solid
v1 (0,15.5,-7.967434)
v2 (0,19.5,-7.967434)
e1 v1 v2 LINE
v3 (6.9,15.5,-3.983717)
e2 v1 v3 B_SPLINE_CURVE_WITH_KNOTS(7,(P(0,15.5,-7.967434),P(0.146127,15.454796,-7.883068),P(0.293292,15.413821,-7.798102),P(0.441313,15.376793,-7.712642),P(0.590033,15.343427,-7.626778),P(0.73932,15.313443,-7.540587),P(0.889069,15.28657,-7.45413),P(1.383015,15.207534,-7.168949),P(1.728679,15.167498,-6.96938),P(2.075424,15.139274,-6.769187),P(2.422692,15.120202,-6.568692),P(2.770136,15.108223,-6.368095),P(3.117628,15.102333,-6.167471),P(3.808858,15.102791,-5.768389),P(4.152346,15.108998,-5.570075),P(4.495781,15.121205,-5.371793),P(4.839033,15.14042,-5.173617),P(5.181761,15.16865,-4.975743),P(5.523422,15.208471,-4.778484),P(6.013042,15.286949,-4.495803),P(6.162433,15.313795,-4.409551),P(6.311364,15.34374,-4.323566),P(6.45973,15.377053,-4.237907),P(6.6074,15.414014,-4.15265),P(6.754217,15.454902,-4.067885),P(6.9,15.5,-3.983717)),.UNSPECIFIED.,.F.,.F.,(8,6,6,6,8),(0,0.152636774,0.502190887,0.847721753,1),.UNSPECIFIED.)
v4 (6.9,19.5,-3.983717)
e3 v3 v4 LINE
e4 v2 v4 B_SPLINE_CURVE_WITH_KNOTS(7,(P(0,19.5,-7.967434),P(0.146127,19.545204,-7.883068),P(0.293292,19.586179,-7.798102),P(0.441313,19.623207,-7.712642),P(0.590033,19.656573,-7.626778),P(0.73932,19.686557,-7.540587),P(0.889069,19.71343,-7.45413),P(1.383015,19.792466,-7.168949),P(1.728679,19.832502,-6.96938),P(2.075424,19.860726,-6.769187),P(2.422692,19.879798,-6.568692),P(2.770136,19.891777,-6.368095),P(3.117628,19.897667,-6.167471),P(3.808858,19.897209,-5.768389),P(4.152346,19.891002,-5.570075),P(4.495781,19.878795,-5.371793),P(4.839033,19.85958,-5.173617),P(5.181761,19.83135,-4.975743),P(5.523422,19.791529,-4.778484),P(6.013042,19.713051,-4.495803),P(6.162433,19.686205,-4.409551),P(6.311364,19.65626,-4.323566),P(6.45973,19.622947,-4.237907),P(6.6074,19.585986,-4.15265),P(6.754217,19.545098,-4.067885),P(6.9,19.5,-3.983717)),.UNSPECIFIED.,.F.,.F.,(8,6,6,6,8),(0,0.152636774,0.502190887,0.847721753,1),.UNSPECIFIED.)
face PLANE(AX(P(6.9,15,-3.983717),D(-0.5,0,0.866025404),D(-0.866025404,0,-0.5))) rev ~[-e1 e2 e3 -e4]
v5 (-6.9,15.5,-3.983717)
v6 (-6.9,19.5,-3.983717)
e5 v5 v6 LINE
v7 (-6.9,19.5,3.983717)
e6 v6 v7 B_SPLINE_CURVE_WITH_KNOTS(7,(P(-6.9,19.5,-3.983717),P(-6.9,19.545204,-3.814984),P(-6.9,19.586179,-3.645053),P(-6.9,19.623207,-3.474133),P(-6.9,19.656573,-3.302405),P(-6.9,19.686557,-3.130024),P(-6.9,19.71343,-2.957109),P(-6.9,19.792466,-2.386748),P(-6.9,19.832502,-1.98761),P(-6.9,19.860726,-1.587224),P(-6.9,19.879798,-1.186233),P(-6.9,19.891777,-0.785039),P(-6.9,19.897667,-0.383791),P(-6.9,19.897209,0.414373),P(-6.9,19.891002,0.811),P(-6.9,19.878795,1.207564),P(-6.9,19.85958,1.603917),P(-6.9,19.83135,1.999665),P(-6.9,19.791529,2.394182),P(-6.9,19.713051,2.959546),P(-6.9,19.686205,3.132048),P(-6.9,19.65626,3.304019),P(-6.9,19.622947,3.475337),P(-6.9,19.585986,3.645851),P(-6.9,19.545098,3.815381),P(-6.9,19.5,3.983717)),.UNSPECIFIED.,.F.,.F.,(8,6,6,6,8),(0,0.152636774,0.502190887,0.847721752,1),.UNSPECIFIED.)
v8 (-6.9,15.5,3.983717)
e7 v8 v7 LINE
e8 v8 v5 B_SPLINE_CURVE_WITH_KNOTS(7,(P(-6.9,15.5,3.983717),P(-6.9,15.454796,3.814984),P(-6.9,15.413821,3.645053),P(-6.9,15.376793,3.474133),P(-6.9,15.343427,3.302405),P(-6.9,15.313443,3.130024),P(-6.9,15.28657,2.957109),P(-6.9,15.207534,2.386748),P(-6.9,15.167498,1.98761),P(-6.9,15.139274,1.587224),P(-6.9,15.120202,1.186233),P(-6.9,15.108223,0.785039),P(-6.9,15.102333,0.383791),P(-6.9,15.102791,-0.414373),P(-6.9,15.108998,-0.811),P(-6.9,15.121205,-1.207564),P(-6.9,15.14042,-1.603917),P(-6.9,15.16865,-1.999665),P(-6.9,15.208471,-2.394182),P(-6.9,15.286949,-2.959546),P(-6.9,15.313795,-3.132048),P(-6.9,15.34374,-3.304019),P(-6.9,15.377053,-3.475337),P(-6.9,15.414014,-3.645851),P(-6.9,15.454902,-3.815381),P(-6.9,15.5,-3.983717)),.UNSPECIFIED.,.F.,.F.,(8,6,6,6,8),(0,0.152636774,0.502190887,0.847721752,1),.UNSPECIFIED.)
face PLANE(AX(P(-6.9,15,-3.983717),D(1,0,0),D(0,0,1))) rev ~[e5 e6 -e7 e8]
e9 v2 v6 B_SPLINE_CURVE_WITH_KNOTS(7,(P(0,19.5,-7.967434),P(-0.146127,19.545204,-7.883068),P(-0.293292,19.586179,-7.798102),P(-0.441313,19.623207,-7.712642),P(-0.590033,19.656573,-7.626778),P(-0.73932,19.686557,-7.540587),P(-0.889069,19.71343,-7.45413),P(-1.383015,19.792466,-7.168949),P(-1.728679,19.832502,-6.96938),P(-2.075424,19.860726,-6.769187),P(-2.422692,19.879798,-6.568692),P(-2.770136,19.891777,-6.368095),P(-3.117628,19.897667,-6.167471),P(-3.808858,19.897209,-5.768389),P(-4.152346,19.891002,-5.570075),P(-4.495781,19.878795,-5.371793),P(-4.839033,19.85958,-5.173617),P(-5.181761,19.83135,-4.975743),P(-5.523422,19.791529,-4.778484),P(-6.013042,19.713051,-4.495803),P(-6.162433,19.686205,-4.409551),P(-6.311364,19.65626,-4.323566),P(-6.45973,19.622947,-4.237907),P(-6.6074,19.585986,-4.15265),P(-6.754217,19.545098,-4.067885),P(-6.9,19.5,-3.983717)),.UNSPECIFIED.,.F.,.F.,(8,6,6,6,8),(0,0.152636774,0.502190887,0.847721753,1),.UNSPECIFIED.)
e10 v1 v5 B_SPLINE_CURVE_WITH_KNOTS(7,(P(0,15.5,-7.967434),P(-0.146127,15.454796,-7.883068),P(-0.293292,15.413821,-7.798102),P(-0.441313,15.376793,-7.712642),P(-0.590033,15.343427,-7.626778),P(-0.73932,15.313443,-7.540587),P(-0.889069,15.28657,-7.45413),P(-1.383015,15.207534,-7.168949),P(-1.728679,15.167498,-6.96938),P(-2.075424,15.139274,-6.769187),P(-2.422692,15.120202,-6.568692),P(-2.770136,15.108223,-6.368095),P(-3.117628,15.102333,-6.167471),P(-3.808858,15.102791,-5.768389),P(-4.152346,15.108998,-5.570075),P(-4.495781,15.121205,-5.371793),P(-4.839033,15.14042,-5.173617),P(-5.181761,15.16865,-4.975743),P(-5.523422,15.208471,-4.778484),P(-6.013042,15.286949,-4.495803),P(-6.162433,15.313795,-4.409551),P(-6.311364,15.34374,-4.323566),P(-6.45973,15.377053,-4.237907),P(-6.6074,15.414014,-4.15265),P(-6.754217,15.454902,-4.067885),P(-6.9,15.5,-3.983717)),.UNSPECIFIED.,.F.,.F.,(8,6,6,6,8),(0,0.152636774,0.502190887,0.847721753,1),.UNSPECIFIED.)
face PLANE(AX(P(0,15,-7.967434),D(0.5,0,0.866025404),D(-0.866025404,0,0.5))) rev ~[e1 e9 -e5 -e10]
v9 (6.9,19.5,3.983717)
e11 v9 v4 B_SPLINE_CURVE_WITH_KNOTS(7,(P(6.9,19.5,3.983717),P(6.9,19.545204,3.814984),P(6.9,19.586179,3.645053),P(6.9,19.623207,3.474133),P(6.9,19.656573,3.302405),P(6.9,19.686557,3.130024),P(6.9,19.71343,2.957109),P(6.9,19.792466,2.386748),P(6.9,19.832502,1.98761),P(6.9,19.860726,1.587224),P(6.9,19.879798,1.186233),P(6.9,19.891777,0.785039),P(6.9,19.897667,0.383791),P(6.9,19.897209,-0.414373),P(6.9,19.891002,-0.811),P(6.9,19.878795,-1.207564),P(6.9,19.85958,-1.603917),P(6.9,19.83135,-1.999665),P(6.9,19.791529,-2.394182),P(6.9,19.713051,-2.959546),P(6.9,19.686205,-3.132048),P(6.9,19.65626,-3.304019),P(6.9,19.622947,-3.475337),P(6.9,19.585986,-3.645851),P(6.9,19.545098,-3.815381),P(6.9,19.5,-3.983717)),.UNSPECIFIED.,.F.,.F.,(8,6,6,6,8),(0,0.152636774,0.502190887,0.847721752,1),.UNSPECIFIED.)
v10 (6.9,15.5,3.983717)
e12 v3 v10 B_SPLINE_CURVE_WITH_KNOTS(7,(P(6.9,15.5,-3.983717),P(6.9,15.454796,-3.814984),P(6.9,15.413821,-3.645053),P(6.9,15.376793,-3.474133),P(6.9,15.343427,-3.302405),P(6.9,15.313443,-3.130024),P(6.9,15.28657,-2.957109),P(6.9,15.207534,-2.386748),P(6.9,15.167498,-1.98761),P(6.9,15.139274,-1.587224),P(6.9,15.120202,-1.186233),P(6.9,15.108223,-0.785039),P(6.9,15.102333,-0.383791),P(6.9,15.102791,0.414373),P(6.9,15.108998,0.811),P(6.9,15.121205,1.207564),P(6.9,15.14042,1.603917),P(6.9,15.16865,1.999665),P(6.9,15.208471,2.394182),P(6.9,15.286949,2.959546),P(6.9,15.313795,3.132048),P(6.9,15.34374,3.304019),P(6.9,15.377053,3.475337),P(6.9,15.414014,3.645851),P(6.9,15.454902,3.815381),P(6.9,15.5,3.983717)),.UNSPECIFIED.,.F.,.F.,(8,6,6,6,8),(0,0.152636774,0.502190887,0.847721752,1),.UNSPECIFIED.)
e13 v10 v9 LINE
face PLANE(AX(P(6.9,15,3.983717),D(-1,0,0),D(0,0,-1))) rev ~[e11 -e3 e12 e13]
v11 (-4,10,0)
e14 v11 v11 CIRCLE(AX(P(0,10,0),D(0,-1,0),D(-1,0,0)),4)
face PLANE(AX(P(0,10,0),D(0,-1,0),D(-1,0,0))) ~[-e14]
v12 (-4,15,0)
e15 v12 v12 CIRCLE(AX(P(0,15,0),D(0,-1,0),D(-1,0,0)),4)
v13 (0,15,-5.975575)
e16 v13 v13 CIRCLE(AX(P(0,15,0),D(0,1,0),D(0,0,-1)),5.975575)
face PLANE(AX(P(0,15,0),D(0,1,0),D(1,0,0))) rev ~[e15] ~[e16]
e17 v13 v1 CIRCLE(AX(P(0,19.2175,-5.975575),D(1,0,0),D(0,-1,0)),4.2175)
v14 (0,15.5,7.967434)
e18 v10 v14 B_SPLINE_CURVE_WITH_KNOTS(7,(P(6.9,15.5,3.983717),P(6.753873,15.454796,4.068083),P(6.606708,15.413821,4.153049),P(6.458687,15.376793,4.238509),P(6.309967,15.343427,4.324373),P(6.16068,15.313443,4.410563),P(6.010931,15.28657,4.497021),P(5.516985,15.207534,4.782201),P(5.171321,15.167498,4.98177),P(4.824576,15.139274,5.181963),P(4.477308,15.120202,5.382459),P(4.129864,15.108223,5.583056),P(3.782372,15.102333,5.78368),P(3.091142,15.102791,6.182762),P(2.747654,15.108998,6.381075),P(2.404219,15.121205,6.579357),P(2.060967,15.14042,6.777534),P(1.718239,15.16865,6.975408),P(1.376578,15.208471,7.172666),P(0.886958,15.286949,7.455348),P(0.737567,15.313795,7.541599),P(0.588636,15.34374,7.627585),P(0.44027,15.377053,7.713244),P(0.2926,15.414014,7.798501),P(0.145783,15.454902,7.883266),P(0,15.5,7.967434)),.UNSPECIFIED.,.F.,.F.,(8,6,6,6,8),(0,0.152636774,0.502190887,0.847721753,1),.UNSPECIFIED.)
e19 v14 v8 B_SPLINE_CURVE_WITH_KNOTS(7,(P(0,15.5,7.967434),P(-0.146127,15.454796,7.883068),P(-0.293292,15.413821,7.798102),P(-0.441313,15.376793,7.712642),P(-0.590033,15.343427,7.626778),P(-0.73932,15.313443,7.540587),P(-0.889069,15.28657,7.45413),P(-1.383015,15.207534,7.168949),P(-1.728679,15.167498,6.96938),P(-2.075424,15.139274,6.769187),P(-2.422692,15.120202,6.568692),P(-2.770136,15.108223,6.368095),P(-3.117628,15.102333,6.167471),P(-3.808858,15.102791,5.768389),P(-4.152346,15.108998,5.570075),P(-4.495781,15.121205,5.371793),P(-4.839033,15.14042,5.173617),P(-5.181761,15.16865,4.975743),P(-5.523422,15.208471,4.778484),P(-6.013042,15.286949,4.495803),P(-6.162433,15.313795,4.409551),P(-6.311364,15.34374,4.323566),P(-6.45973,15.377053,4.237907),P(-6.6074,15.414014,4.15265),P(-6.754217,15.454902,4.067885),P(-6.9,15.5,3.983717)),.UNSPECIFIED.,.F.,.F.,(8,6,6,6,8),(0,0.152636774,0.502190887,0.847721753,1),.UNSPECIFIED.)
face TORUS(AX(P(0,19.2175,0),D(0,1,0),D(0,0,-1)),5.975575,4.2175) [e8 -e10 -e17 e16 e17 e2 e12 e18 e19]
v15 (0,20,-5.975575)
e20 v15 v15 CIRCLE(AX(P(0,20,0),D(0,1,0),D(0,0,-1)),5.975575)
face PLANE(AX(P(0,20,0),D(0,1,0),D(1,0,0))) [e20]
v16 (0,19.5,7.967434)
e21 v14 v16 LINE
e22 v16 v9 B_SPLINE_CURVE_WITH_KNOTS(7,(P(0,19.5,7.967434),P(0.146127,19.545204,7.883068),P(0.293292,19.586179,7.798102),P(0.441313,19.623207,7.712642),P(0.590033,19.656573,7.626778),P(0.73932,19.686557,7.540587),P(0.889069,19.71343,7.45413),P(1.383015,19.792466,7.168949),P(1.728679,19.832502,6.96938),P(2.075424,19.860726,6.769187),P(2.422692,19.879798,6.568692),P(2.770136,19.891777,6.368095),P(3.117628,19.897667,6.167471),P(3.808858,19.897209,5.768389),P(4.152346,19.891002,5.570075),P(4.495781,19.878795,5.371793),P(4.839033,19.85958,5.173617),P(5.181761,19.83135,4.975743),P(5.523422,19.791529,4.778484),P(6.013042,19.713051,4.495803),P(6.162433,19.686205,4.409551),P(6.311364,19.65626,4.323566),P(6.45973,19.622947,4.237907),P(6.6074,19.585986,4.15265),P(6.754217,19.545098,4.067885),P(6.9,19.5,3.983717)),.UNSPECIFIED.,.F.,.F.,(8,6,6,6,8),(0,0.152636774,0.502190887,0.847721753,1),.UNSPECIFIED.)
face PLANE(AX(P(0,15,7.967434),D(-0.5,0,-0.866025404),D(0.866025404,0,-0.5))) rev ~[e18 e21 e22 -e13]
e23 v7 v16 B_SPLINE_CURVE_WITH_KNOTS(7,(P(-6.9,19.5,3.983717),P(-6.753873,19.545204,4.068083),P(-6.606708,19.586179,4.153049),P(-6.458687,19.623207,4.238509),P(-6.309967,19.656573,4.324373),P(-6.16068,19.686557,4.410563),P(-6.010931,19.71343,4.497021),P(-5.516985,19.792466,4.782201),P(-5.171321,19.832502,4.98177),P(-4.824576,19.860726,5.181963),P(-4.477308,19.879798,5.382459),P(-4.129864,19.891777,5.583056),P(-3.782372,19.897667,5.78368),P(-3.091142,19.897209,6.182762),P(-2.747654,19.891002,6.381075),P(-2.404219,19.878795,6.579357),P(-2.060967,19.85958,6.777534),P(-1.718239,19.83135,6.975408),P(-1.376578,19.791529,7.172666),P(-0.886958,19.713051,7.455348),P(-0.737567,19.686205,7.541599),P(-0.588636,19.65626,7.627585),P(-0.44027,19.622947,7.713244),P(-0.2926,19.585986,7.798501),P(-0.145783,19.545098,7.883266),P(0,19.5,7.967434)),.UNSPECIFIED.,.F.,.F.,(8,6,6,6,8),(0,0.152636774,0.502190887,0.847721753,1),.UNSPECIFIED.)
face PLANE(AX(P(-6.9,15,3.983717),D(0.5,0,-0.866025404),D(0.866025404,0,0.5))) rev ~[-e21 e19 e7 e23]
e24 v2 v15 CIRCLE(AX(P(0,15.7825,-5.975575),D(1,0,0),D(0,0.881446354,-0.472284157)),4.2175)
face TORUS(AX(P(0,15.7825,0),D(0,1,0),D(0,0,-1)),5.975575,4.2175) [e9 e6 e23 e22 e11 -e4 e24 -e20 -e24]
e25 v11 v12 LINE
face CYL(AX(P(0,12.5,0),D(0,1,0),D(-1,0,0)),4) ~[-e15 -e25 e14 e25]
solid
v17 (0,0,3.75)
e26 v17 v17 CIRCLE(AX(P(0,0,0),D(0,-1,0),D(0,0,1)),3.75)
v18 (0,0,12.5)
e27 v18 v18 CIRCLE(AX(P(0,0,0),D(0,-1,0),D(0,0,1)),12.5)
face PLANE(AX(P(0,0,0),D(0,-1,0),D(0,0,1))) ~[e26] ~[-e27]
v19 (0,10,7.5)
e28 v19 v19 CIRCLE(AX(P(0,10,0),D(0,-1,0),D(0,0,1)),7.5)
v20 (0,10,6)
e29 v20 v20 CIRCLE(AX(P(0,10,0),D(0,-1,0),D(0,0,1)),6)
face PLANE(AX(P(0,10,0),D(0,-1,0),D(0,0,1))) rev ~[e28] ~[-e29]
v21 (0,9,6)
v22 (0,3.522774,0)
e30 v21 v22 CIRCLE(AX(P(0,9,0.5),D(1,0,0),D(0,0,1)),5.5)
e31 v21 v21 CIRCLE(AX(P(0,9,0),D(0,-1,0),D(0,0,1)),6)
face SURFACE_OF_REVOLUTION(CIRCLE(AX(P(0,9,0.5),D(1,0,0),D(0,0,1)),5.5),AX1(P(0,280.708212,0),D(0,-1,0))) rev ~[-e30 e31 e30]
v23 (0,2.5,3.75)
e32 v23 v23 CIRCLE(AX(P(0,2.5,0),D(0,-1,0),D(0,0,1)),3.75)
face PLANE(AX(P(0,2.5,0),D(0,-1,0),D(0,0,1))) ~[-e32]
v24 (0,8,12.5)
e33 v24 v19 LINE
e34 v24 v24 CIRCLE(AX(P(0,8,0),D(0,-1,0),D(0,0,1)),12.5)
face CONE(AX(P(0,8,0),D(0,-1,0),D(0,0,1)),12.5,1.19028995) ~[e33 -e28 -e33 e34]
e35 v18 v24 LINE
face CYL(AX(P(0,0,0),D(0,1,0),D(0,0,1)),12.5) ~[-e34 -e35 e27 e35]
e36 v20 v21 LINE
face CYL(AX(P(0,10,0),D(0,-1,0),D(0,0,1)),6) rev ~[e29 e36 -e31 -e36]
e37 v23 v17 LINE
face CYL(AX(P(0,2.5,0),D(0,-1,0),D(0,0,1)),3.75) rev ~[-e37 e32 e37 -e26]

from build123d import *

# Parameters (mm, degrees)
SKETCH7_W      = 4
SKETCH7_H      = 5
EXTRUDE3_DEPTH = 5


with BuildPart() as part:
    # Sketch1 → Revolve1 (revolve)
    with BuildSketch(Plane.XY, mode=Mode.PRIVATE) as revolve1_sk:
        with BuildLine():
            Line((12.5, 0), (12.5, 8))
            Line((12.5, 8), (7.5, 10))
            Line((7.5, 10), (6, 10))
            Line((6, 10), (6, 9))
            ThreePointArc((6, 9), (4.208099244, 4.937980798), (0, 3.522774425))
            Line((0, 3.522774425), (0, 2.5))
            Line((0, 2.5), (3.75, 2.5))
            Line((3.75, 2.5), (3.75, 0))
            Line((3.75, 0), (12.5, 0))
        make_face()
    revolve(revolve1_sk.sketch.rotate(Axis((0, 280.708212389, 0), (0, -1, 0)), 90), axis=Axis((0, 280.708212389, 0), (0, -1, 0)))


with BuildPart() as body_2:
    # Sketch7 → Revolve2 (revolve)
    with BuildSketch(Plane.XY, mode=Mode.PRIVATE) as revolve2_sk:
        with Locations((2, 12.5)):
            Rectangle(SKETCH7_W, SKETCH7_H)
    revolve(revolve2_sk.sketch.rotate(Axis((0, 15, 0), (0, -1, 0)), 180), axis=Axis((0, 15, 0), (0, -1, 0)))

    # Sketch8 → Extrude3 (add)
    with BuildSketch(Plane(origin=(0, 15, 0), x_dir=(1, 0, 0), z_dir=(0, 1, 0))):
        Polygon((0, 7.967433715), (-6.9, 3.983716857), (-6.9, -3.983716857), (0, -7.967433715), (6.9, -3.983716857), (6.9, 3.983716857), align=None)
    extrude(amount=EXTRUDE3_DEPTH)

    # Sketch10 → Cut-Revolve1 (revolve, cut)
    with BuildSketch(Plane(origin=(0, 0, 0), x_dir=(0, 0, -1), z_dir=(1, 0, 0)), mode=Mode.PRIVATE) as cut_revolve1_sk:
        with BuildLine():
            Line((-7.967433715, 20), (-7.967433715, 19.5))
            ThreePointArc((-7.967433715, 19.5), (-7.002402925, 19.873090575), (-5.975575286, 20))
            Line((-5.975575286, 20), (-7.967433715, 20))
        make_face()
        with BuildLine():
            Line((-7.967433715, 15), (-5.975575286, 15))
            ThreePointArc((-5.975575286, 15), (-7.002402925, 15.126909425), (-7.967433715, 15.5))
            Line((-7.967433715, 15.5), (-7.967433715, 15))
        make_face()
    revolve(cut_revolve1_sk.sketch.rotate(Axis((0, 20, 0), (0, 1, 0)), 180), axis=Axis((0, 20, 0), (0, 1, 0)), mode=Mode.SUBTRACT)


solid = Compound([part.part, body_2.part])
